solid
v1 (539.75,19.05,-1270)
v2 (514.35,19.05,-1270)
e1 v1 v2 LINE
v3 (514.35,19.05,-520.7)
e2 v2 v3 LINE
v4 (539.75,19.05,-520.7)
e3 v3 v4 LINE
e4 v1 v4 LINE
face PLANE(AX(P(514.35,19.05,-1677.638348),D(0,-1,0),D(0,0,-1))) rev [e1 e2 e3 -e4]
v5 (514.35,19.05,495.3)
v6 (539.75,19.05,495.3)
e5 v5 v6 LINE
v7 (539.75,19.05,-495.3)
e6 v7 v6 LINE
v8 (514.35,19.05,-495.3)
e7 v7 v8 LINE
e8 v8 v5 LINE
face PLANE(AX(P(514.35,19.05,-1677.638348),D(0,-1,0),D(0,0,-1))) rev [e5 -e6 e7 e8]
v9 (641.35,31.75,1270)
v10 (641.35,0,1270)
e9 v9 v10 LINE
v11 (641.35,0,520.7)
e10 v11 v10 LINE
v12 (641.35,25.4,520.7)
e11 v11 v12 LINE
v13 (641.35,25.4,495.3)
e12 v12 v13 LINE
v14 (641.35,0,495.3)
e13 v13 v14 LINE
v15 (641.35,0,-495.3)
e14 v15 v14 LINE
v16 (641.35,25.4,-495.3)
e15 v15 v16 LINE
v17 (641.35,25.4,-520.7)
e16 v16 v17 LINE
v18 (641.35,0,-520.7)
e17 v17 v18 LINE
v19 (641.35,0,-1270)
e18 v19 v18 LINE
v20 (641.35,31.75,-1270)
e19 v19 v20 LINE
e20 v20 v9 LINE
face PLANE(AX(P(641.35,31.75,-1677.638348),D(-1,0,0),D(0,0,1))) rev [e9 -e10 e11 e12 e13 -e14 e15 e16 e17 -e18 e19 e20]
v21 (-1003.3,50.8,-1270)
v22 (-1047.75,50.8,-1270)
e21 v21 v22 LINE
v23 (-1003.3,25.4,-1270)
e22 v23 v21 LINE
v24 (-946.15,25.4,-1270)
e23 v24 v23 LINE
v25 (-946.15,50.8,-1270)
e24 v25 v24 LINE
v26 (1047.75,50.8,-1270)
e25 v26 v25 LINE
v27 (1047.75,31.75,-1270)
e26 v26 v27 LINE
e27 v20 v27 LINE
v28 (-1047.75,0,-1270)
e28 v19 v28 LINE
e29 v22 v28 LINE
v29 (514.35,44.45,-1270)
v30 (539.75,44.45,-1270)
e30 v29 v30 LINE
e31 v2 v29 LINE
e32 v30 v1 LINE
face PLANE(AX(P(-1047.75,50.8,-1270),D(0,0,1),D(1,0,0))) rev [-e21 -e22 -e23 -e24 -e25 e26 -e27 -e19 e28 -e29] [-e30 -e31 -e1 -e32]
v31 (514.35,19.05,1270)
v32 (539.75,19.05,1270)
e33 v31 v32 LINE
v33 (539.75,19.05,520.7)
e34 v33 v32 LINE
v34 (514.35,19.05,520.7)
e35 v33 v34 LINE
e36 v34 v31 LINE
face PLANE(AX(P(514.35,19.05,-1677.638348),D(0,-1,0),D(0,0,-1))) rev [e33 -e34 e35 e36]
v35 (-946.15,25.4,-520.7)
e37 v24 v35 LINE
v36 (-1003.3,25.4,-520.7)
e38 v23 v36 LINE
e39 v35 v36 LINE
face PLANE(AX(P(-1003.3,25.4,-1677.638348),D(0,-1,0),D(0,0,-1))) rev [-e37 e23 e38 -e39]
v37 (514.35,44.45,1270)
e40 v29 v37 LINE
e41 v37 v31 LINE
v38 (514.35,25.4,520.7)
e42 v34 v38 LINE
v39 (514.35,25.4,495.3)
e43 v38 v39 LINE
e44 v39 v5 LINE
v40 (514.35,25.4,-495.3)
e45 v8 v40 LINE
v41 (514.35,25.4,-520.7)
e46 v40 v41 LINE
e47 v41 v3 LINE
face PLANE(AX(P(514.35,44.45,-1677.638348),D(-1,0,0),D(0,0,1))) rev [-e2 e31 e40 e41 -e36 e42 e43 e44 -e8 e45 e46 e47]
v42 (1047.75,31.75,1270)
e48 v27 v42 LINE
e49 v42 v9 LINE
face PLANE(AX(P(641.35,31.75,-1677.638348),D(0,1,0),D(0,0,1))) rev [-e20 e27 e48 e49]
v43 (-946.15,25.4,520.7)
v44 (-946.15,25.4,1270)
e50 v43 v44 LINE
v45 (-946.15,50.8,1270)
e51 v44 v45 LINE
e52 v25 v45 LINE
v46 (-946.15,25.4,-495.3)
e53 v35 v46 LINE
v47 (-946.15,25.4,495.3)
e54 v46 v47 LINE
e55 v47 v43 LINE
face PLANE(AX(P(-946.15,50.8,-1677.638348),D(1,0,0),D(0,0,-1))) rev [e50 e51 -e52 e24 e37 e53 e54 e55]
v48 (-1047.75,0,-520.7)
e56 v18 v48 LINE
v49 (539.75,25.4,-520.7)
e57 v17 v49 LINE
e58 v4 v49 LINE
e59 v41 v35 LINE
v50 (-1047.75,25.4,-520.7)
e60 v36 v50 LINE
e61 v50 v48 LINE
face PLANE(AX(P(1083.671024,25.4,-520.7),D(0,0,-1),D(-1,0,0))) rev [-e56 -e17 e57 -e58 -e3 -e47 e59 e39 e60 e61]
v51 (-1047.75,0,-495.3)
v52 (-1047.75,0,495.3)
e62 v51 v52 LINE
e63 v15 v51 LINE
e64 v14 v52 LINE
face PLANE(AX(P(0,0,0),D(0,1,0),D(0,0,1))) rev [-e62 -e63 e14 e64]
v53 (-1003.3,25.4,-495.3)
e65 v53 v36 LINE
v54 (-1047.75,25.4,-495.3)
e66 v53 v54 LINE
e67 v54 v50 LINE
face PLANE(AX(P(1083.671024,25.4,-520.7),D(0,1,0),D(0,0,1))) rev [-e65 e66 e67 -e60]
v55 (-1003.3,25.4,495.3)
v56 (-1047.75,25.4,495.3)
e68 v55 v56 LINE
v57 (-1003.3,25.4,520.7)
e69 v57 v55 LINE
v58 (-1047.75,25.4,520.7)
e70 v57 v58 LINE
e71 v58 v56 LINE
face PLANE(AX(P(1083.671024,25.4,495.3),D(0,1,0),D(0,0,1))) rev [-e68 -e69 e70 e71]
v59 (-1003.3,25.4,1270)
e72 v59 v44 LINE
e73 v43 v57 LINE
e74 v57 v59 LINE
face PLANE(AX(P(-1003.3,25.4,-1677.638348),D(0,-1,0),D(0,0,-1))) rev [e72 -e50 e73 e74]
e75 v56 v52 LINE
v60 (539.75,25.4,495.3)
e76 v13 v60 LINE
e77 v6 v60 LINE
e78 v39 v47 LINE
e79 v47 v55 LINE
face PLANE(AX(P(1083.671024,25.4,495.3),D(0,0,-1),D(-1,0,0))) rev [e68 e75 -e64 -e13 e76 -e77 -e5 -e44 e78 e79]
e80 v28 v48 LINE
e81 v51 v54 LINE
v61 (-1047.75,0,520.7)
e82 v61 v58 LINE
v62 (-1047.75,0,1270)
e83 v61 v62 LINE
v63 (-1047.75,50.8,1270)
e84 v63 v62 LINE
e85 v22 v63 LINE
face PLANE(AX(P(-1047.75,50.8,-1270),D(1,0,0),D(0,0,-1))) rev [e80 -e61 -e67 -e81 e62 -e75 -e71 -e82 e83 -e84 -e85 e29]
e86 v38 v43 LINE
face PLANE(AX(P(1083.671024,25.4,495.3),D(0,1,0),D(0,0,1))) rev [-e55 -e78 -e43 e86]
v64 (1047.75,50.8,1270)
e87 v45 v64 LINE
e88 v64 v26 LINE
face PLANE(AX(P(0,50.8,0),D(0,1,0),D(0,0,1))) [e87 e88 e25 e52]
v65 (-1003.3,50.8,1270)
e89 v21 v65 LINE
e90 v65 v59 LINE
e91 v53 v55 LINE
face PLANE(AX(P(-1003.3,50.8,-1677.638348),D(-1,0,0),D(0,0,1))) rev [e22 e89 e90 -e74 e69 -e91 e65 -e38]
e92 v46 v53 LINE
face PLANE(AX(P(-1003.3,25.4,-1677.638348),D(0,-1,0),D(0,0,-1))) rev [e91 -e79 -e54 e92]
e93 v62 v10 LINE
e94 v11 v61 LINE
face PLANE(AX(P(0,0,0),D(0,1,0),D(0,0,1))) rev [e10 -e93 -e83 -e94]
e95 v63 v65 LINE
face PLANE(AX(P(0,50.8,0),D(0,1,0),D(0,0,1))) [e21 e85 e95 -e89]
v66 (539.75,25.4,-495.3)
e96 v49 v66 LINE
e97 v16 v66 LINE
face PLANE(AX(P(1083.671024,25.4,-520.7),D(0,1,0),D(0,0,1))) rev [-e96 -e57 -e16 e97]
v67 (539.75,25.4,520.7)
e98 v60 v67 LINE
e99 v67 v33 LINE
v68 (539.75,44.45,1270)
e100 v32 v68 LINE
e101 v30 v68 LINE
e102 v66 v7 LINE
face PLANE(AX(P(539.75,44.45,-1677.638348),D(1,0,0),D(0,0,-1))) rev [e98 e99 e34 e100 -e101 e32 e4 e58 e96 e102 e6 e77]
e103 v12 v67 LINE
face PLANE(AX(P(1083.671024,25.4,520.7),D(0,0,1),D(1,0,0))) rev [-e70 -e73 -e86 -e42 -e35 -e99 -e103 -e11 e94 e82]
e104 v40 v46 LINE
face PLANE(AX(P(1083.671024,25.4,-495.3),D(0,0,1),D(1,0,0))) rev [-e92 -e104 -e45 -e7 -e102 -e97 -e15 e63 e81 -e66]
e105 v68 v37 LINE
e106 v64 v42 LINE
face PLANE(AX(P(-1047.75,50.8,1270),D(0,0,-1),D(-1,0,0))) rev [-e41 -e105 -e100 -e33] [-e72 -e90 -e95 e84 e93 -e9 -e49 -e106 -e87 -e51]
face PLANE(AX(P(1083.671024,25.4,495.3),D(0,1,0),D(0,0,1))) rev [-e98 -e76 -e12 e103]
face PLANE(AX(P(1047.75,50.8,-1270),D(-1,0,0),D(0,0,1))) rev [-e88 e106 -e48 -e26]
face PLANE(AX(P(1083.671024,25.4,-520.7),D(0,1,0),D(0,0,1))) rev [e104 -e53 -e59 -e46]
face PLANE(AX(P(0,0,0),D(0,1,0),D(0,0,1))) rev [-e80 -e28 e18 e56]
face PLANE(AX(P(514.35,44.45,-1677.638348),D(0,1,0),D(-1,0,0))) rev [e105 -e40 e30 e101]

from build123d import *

# Parameters (mm, degrees)
SKETCH1_W           = 2095.5
SKETCH1_H           = 2540
BOSS_EXTRUDE1_DEPTH = 50.8
SKETCH2_W           = 57.15
SKETCH2_H           = 25.4
SKETCH2_W_2         = 406.4
SKETCH2_H_2         = 31.75
SKETCH2_W_3         = 25.4
CUT_EXTRUDE1_DEPTH  = 2540
SKETCH3_W           = 25.4
SKETCH3_H           = 25.4
CUT_EXTRUDE2_DEPTH  = 2095.5


with BuildPart() as part:
    # Sketch1 → Boss-Extrude1 (new body)
    with BuildSketch(Plane(origin=(0, 0, 0), x_dir=(1, 0, 0), z_dir=(0, 1, 0))):
        Rectangle(SKETCH1_W, SKETCH1_H)
    extrude(amount=BOSS_EXTRUDE1_DEPTH)

    # Sketch2 → Cut-Extrude1 (cut)
    with BuildSketch(Plane.XY.offset(1270)):
        with Locations((-974.725, 38.1)):
            Rectangle(SKETCH2_W, SKETCH2_H)
        with Locations((844.55, 15.875)):
            Rectangle(SKETCH2_W_2, SKETCH2_H_2)
        with Locations((527.05, 31.75)):
            Rectangle(SKETCH2_W_3, SKETCH2_H)
    extrude(amount=-CUT_EXTRUDE1_DEPTH, mode=Mode.SUBTRACT)

    # Sketch3 → Cut-Extrude2 (cut)
    with BuildSketch(Plane.ZY.offset(1047.75)):
        with Locations((-508, 12.7)):
            Rectangle(SKETCH3_W, SKETCH3_H)
        with Locations((508, 12.7)):
            Rectangle(SKETCH3_W, SKETCH3_H)
    extrude(amount=-CUT_EXTRUDE2_DEPTH, mode=Mode.SUBTRACT)


solid = part.part
